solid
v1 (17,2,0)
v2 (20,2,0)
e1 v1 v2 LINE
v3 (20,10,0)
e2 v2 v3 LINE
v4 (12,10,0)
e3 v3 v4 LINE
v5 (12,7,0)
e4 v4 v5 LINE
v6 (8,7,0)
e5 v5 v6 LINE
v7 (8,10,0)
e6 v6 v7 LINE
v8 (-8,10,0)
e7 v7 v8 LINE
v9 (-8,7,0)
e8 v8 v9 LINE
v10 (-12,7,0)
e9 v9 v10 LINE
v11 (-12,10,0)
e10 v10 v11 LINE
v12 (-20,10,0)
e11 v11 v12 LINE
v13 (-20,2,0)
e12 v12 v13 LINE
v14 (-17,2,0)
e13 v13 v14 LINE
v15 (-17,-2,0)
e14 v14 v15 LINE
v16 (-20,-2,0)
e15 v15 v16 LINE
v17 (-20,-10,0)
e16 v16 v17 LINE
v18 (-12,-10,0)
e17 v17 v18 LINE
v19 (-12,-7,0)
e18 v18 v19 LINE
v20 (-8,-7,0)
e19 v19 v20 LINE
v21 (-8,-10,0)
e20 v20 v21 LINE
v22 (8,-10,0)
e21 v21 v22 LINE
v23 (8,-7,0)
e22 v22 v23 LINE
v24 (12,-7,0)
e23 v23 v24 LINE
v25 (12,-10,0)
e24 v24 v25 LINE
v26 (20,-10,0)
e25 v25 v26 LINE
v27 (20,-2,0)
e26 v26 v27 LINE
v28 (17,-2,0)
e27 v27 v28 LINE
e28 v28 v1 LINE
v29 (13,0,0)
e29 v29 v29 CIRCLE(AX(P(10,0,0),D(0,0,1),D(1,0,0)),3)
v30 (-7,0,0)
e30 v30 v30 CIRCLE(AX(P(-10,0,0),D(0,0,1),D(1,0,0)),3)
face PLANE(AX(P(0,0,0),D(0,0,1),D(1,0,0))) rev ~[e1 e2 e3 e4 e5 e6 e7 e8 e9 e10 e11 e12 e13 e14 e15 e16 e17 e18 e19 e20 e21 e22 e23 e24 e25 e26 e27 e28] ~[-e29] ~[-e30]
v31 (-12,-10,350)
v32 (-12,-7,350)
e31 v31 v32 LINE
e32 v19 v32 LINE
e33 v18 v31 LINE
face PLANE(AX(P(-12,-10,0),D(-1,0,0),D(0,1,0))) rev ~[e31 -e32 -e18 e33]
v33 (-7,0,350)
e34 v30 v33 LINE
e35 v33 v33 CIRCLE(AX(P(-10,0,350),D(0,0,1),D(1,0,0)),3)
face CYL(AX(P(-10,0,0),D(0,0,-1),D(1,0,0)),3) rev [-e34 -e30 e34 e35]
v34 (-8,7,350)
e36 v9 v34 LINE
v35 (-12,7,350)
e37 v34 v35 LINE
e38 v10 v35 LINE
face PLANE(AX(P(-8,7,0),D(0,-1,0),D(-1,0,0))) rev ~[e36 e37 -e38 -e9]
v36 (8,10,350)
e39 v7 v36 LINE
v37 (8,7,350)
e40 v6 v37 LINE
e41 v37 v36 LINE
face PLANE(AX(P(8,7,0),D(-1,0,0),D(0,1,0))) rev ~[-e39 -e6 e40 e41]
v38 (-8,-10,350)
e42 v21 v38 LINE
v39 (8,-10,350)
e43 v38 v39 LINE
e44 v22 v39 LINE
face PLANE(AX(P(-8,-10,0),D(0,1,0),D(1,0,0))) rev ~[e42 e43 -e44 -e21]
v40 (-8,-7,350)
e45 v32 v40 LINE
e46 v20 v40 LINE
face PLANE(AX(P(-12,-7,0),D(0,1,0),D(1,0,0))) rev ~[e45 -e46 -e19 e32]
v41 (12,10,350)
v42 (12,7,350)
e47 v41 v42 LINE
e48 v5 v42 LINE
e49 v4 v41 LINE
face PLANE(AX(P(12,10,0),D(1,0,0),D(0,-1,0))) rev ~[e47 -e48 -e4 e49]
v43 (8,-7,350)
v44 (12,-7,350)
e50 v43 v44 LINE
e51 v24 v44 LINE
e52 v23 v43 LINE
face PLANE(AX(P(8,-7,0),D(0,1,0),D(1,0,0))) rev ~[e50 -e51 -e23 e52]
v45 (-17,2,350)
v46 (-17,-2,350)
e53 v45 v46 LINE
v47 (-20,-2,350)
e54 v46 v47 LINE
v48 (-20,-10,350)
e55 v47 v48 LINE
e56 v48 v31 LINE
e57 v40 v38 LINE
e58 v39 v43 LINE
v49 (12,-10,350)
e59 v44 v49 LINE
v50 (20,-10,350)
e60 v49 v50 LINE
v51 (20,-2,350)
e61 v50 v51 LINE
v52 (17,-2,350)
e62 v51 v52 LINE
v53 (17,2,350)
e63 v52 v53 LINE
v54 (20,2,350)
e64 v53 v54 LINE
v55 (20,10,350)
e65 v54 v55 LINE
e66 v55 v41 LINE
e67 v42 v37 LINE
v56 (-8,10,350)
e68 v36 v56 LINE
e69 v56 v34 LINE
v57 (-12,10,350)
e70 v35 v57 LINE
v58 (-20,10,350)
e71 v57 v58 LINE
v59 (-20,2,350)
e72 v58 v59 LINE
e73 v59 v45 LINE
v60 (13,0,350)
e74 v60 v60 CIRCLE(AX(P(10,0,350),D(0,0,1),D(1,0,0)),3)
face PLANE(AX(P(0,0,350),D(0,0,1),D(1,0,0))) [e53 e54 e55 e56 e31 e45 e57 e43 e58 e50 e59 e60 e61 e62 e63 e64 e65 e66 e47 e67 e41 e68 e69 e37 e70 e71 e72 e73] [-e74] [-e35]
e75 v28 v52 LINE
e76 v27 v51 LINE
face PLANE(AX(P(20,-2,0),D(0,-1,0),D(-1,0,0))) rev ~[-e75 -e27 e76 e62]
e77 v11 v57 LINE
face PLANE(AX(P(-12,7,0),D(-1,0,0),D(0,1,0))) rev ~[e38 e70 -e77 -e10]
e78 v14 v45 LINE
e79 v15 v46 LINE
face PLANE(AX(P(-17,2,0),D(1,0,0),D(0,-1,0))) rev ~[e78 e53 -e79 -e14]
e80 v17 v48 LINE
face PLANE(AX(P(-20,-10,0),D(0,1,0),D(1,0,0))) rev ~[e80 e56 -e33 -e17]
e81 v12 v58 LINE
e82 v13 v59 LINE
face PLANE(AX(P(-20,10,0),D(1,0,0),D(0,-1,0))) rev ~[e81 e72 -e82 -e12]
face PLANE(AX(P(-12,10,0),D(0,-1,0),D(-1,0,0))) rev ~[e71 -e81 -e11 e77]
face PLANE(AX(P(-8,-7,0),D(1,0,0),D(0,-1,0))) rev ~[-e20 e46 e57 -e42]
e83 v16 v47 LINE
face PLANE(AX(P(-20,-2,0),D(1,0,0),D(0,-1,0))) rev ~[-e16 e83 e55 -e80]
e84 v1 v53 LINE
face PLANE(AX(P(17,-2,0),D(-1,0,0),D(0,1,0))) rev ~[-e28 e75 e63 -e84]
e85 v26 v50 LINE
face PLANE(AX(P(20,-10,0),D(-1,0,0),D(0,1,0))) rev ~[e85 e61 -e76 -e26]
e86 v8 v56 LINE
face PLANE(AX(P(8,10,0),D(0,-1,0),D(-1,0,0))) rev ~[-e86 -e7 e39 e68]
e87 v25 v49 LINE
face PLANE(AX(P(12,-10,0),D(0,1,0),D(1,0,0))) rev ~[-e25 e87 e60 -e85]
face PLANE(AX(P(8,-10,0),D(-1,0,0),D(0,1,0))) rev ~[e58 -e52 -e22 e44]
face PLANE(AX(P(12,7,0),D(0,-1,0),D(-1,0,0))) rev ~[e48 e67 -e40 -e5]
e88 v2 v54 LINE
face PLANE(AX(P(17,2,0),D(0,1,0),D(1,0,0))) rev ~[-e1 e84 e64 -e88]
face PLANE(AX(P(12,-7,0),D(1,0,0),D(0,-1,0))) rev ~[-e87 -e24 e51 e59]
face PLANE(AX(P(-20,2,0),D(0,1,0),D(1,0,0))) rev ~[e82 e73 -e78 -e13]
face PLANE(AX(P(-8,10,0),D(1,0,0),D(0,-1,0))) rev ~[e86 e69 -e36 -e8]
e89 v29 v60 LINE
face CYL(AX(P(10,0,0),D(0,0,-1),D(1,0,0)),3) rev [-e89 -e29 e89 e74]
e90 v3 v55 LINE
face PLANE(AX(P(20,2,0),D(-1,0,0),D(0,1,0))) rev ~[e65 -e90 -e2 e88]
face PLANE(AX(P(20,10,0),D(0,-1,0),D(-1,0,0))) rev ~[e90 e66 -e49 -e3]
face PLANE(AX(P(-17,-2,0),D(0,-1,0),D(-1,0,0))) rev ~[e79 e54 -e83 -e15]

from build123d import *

# Parameters (mm, degrees)
F0_R     = 3
F1_DEPTH = 350


with BuildPart() as f1:
    # F0 (on Top) → F1 (new body)
    with BuildSketch(Plane.XY):
        Polygon((-12, 10), (-20, 10), (-20, 2), (-17, 2), (-17, -2), (-20, -2), (-20, -10), (-12, -10), (-12, -7), (-8, -7), (-8, -10), (8, -10), (8, -7), (12, -7), (12, -10), (20, -10), (20, -2), (17, -2), (17, 2), (20, 2), (20, 10), (12, 10), (12, 7), (8, 7), (8, 10), (-8, 10), (-8, 7), (-12, 7), align=None)
        with Locations((-10, 0)):
            Circle(F0_R, mode=Mode.SUBTRACT)
        with Locations((10, 0)):
            Circle(F0_R, mode=Mode.SUBTRACT)
    extrude(amount=F1_DEPTH)


solid = f1.part
